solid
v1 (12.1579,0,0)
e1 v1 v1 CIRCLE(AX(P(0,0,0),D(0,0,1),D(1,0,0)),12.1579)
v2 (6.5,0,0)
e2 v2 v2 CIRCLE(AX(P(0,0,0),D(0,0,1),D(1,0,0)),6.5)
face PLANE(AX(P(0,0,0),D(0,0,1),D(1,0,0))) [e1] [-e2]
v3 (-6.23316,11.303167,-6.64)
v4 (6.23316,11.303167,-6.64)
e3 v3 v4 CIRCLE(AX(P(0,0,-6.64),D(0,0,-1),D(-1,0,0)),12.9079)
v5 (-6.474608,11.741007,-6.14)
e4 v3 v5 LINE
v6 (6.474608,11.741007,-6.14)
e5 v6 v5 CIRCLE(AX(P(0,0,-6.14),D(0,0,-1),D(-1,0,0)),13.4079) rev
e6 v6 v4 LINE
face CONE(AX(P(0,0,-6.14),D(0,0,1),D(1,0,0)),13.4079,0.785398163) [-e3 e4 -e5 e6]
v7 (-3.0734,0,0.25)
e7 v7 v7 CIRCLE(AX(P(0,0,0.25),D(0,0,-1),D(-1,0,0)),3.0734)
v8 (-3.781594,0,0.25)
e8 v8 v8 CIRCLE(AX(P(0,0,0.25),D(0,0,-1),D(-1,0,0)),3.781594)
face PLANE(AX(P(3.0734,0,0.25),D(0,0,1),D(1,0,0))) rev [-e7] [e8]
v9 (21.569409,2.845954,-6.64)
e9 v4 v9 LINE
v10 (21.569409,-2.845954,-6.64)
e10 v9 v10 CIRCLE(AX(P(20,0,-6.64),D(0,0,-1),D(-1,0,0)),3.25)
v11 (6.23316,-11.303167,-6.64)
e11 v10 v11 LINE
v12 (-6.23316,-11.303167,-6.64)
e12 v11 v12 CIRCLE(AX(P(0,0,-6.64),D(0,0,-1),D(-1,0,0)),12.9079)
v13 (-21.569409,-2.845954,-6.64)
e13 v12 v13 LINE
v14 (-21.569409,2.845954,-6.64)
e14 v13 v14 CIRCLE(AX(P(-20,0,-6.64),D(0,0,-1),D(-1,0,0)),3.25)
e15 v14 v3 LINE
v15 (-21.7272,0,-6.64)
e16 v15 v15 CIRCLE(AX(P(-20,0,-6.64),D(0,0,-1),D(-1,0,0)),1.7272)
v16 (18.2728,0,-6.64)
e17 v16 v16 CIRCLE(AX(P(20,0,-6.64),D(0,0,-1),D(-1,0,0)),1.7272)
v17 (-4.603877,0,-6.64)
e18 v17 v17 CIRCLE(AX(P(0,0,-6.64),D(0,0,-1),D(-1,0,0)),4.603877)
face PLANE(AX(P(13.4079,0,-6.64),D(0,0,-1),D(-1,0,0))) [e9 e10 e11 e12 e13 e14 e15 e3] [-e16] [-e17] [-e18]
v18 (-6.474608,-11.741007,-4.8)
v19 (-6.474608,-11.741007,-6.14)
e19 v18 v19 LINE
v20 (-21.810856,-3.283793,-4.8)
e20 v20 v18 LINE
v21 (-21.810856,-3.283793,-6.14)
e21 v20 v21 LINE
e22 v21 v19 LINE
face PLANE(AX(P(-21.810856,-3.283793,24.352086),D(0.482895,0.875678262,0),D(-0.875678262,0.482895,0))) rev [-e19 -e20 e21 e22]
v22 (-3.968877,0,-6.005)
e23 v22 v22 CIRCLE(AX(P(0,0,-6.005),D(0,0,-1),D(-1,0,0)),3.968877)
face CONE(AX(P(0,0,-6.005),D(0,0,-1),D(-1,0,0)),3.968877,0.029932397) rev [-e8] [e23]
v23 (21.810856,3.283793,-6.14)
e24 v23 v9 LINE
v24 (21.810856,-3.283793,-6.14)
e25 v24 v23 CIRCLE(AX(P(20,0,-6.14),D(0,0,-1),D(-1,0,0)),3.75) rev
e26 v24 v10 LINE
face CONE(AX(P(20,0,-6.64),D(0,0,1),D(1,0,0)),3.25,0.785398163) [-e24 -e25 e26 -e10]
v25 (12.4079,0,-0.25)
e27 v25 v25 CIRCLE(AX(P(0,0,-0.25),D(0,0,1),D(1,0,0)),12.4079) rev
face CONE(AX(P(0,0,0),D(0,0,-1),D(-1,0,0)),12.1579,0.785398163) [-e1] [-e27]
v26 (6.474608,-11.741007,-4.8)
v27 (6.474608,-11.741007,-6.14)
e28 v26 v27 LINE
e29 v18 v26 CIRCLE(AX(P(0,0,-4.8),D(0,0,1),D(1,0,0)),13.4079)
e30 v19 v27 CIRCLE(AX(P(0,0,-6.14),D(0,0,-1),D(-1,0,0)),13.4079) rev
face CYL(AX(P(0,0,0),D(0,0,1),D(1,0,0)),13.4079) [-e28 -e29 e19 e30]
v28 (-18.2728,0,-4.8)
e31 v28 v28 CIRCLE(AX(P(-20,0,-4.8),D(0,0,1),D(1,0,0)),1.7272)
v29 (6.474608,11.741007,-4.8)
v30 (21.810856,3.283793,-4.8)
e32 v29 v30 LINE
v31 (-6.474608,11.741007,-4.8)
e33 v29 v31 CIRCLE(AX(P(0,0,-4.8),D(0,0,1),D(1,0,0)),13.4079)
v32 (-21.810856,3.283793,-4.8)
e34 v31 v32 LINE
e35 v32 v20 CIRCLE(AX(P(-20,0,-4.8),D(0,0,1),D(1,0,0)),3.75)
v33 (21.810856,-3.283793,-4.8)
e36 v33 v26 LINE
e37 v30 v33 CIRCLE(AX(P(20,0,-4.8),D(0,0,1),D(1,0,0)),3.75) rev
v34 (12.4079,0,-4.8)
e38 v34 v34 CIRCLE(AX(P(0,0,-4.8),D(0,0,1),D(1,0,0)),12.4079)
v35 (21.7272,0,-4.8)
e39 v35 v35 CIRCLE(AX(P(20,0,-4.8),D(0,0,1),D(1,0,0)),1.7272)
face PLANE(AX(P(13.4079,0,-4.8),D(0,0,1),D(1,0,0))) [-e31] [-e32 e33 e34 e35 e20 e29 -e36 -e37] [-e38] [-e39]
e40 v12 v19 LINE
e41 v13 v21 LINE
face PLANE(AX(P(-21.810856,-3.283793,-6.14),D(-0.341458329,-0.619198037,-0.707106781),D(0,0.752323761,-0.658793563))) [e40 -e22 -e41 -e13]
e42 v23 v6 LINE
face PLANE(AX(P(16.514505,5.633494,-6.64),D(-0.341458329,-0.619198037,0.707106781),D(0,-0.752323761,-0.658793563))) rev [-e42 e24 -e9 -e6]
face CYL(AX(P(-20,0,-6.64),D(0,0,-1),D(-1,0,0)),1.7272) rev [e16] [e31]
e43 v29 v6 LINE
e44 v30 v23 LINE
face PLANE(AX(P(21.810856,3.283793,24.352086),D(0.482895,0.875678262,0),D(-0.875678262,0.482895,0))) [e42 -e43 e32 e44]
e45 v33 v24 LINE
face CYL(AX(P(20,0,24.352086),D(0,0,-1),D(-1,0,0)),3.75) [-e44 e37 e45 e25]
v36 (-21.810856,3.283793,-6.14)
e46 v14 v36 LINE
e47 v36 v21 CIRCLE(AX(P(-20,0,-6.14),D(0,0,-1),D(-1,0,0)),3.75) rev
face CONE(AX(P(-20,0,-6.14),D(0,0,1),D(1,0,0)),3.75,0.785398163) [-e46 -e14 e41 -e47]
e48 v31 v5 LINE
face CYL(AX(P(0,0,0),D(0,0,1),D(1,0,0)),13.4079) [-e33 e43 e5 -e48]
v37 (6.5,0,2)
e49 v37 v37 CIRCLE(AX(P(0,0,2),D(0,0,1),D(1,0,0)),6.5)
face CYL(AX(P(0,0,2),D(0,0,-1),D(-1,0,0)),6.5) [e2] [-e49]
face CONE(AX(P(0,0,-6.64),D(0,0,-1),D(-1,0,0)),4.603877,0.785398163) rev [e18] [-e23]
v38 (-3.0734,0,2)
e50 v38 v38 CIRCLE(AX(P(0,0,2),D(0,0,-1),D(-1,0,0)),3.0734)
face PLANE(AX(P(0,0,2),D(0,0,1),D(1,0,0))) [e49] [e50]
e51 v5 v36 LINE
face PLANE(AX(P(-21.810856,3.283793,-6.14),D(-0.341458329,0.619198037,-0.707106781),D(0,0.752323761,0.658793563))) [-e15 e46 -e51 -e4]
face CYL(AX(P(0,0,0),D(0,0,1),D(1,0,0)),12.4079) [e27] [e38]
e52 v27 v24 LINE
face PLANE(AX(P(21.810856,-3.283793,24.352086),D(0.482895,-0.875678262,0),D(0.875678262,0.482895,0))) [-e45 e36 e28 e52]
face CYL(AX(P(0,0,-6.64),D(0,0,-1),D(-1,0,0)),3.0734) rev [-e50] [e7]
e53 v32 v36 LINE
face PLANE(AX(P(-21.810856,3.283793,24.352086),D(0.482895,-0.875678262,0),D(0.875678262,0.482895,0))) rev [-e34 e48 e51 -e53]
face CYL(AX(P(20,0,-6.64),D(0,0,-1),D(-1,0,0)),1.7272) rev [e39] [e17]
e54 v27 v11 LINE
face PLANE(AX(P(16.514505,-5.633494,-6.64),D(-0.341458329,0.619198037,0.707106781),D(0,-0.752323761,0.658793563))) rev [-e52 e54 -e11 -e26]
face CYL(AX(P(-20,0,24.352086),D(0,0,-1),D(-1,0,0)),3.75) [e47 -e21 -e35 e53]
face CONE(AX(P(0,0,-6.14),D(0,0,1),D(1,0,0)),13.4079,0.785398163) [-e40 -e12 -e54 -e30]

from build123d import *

# Parameters (mm, degrees)
SKETCH2_R           = 6.5
BOSS_EXTRUDE1_DEPTH = 2
BOSS_EXTRUDE2_DEPTH = 1.84
CHAMFER1_SIZE       = 0.25
CHAMFER2_SIZE       = 0.5


with BuildPart() as part:
    # Sketch1 → Revolve1 (revolve)
    with BuildSketch(Plane(origin=(0, 0, 0), x_dir=(1, 0, 0), z_dir=(0, 1, 0))):
        Polygon((0, 0), (12.4079, 0), (12.4079, 4.8), (13.4079, 4.8), (13.4079, 6.64), (0, 6.64), align=None)
    revolve(axis=Axis((0, 0, 0), (0, 0, -1)))

    # Sketch2 → Boss-Extrude1 (add)
    with BuildSketch(Plane.XY):
        Circle(SKETCH2_R)
    extrude(amount=BOSS_EXTRUDE1_DEPTH)

    # Sketch3 → Boss-Extrude2 (add)
    with BuildSketch(Plane(origin=(0, 0, -6.64), x_dir=(-1, 0, 0), z_dir=(0, 0, -1))):
        with BuildLine():
            Line((-21.81085625, -3.283793483), (-6.47460787, -11.741006572))
            ThreePointArc((-6.47460787, -11.741006572), (-13.4079, 0), (-6.474607871, 11.741006572))
            Line((-6.474607871, 11.741006572), (-21.81085625, 3.283793483))
            ThreePointArc((-21.81085625, 3.283793483), (-23.75, 0), (-21.81085625, -3.283793483))
        make_face()
    boss_extrude2 = extrude(amount=-BOSS_EXTRUDE2_DEPTH)

    # Sketch4 → #4 Clearance Hole1 (revolve, cut)
    with BuildSketch(Plane(origin=(20, 0, -6.64), x_dir=(0, 1, 0), z_dir=(1, 0, 0))):
        Polygon((0, 0), (0, 16.037806461), (1.7272, 15), (1.7272, 0), align=None)
    f_4_clearance_hole1 = revolve(axis=Axis((20, 0, -12.99), (0, 0, 1)), mode=Mode.SUBTRACT)

    # Mirror1: Boss-Extrude2, #4 Clearance Hole1 across plane
    add(boss_extrude2.mirror(Plane(origin=(0, 0, 0), x_dir=(0, 0, 1), z_dir=(1, 0, 0))))
    add(f_4_clearance_hole1.mirror(Plane(origin=(0, 0, 0), x_dir=(0, 0, 1), z_dir=(1, 0, 0))), mode=Mode.SUBTRACT)

    # Sketch8 → 1/16 NPT Tapped Hole2 (revolve, cut)
    with BuildSketch(Plane(origin=(0, 0, -6.64), x_dir=(0, 1, 0), z_dir=(1, 0, 0))):
        Polygon((0, 0), (0, 8.64), (3.0734, 8.64), (3.0734, 6.89), (3.781593923, 6.89), (3.968877, 0.635), (4.603877, 0), align=None)
    revolve(axis=Axis((0, 0, -12.99), (0, 0, 1)), mode=Mode.SUBTRACT)

    # Chamfer1
    chamfer1_edges = [part.edges().sort_by_distance(p)[0] for p in [
        (-12.4079, 0, 0),
    ]]
    chamfer(chamfer1_edges, length=CHAMFER1_SIZE)

    # Chamfer2
    chamfer2_edges = [part.edges().sort_by_distance(p)[0] for p in [
        (23.75, 0, -6.64),
        (14.14273206, -7.512400028, -6.64),
        (14.14273206, 7.512400028, -6.64),
        (0, -13.4079, -6.64),
        (-23.75, 0, -6.64),
        (-14.14273206, -7.512400028, -6.64),
        (-14.14273206, 7.512400028, -6.64),
        (0, 13.4079, -6.64),
    ]]
    chamfer(chamfer2_edges, length=CHAMFER2_SIZE)


solid = part.part
